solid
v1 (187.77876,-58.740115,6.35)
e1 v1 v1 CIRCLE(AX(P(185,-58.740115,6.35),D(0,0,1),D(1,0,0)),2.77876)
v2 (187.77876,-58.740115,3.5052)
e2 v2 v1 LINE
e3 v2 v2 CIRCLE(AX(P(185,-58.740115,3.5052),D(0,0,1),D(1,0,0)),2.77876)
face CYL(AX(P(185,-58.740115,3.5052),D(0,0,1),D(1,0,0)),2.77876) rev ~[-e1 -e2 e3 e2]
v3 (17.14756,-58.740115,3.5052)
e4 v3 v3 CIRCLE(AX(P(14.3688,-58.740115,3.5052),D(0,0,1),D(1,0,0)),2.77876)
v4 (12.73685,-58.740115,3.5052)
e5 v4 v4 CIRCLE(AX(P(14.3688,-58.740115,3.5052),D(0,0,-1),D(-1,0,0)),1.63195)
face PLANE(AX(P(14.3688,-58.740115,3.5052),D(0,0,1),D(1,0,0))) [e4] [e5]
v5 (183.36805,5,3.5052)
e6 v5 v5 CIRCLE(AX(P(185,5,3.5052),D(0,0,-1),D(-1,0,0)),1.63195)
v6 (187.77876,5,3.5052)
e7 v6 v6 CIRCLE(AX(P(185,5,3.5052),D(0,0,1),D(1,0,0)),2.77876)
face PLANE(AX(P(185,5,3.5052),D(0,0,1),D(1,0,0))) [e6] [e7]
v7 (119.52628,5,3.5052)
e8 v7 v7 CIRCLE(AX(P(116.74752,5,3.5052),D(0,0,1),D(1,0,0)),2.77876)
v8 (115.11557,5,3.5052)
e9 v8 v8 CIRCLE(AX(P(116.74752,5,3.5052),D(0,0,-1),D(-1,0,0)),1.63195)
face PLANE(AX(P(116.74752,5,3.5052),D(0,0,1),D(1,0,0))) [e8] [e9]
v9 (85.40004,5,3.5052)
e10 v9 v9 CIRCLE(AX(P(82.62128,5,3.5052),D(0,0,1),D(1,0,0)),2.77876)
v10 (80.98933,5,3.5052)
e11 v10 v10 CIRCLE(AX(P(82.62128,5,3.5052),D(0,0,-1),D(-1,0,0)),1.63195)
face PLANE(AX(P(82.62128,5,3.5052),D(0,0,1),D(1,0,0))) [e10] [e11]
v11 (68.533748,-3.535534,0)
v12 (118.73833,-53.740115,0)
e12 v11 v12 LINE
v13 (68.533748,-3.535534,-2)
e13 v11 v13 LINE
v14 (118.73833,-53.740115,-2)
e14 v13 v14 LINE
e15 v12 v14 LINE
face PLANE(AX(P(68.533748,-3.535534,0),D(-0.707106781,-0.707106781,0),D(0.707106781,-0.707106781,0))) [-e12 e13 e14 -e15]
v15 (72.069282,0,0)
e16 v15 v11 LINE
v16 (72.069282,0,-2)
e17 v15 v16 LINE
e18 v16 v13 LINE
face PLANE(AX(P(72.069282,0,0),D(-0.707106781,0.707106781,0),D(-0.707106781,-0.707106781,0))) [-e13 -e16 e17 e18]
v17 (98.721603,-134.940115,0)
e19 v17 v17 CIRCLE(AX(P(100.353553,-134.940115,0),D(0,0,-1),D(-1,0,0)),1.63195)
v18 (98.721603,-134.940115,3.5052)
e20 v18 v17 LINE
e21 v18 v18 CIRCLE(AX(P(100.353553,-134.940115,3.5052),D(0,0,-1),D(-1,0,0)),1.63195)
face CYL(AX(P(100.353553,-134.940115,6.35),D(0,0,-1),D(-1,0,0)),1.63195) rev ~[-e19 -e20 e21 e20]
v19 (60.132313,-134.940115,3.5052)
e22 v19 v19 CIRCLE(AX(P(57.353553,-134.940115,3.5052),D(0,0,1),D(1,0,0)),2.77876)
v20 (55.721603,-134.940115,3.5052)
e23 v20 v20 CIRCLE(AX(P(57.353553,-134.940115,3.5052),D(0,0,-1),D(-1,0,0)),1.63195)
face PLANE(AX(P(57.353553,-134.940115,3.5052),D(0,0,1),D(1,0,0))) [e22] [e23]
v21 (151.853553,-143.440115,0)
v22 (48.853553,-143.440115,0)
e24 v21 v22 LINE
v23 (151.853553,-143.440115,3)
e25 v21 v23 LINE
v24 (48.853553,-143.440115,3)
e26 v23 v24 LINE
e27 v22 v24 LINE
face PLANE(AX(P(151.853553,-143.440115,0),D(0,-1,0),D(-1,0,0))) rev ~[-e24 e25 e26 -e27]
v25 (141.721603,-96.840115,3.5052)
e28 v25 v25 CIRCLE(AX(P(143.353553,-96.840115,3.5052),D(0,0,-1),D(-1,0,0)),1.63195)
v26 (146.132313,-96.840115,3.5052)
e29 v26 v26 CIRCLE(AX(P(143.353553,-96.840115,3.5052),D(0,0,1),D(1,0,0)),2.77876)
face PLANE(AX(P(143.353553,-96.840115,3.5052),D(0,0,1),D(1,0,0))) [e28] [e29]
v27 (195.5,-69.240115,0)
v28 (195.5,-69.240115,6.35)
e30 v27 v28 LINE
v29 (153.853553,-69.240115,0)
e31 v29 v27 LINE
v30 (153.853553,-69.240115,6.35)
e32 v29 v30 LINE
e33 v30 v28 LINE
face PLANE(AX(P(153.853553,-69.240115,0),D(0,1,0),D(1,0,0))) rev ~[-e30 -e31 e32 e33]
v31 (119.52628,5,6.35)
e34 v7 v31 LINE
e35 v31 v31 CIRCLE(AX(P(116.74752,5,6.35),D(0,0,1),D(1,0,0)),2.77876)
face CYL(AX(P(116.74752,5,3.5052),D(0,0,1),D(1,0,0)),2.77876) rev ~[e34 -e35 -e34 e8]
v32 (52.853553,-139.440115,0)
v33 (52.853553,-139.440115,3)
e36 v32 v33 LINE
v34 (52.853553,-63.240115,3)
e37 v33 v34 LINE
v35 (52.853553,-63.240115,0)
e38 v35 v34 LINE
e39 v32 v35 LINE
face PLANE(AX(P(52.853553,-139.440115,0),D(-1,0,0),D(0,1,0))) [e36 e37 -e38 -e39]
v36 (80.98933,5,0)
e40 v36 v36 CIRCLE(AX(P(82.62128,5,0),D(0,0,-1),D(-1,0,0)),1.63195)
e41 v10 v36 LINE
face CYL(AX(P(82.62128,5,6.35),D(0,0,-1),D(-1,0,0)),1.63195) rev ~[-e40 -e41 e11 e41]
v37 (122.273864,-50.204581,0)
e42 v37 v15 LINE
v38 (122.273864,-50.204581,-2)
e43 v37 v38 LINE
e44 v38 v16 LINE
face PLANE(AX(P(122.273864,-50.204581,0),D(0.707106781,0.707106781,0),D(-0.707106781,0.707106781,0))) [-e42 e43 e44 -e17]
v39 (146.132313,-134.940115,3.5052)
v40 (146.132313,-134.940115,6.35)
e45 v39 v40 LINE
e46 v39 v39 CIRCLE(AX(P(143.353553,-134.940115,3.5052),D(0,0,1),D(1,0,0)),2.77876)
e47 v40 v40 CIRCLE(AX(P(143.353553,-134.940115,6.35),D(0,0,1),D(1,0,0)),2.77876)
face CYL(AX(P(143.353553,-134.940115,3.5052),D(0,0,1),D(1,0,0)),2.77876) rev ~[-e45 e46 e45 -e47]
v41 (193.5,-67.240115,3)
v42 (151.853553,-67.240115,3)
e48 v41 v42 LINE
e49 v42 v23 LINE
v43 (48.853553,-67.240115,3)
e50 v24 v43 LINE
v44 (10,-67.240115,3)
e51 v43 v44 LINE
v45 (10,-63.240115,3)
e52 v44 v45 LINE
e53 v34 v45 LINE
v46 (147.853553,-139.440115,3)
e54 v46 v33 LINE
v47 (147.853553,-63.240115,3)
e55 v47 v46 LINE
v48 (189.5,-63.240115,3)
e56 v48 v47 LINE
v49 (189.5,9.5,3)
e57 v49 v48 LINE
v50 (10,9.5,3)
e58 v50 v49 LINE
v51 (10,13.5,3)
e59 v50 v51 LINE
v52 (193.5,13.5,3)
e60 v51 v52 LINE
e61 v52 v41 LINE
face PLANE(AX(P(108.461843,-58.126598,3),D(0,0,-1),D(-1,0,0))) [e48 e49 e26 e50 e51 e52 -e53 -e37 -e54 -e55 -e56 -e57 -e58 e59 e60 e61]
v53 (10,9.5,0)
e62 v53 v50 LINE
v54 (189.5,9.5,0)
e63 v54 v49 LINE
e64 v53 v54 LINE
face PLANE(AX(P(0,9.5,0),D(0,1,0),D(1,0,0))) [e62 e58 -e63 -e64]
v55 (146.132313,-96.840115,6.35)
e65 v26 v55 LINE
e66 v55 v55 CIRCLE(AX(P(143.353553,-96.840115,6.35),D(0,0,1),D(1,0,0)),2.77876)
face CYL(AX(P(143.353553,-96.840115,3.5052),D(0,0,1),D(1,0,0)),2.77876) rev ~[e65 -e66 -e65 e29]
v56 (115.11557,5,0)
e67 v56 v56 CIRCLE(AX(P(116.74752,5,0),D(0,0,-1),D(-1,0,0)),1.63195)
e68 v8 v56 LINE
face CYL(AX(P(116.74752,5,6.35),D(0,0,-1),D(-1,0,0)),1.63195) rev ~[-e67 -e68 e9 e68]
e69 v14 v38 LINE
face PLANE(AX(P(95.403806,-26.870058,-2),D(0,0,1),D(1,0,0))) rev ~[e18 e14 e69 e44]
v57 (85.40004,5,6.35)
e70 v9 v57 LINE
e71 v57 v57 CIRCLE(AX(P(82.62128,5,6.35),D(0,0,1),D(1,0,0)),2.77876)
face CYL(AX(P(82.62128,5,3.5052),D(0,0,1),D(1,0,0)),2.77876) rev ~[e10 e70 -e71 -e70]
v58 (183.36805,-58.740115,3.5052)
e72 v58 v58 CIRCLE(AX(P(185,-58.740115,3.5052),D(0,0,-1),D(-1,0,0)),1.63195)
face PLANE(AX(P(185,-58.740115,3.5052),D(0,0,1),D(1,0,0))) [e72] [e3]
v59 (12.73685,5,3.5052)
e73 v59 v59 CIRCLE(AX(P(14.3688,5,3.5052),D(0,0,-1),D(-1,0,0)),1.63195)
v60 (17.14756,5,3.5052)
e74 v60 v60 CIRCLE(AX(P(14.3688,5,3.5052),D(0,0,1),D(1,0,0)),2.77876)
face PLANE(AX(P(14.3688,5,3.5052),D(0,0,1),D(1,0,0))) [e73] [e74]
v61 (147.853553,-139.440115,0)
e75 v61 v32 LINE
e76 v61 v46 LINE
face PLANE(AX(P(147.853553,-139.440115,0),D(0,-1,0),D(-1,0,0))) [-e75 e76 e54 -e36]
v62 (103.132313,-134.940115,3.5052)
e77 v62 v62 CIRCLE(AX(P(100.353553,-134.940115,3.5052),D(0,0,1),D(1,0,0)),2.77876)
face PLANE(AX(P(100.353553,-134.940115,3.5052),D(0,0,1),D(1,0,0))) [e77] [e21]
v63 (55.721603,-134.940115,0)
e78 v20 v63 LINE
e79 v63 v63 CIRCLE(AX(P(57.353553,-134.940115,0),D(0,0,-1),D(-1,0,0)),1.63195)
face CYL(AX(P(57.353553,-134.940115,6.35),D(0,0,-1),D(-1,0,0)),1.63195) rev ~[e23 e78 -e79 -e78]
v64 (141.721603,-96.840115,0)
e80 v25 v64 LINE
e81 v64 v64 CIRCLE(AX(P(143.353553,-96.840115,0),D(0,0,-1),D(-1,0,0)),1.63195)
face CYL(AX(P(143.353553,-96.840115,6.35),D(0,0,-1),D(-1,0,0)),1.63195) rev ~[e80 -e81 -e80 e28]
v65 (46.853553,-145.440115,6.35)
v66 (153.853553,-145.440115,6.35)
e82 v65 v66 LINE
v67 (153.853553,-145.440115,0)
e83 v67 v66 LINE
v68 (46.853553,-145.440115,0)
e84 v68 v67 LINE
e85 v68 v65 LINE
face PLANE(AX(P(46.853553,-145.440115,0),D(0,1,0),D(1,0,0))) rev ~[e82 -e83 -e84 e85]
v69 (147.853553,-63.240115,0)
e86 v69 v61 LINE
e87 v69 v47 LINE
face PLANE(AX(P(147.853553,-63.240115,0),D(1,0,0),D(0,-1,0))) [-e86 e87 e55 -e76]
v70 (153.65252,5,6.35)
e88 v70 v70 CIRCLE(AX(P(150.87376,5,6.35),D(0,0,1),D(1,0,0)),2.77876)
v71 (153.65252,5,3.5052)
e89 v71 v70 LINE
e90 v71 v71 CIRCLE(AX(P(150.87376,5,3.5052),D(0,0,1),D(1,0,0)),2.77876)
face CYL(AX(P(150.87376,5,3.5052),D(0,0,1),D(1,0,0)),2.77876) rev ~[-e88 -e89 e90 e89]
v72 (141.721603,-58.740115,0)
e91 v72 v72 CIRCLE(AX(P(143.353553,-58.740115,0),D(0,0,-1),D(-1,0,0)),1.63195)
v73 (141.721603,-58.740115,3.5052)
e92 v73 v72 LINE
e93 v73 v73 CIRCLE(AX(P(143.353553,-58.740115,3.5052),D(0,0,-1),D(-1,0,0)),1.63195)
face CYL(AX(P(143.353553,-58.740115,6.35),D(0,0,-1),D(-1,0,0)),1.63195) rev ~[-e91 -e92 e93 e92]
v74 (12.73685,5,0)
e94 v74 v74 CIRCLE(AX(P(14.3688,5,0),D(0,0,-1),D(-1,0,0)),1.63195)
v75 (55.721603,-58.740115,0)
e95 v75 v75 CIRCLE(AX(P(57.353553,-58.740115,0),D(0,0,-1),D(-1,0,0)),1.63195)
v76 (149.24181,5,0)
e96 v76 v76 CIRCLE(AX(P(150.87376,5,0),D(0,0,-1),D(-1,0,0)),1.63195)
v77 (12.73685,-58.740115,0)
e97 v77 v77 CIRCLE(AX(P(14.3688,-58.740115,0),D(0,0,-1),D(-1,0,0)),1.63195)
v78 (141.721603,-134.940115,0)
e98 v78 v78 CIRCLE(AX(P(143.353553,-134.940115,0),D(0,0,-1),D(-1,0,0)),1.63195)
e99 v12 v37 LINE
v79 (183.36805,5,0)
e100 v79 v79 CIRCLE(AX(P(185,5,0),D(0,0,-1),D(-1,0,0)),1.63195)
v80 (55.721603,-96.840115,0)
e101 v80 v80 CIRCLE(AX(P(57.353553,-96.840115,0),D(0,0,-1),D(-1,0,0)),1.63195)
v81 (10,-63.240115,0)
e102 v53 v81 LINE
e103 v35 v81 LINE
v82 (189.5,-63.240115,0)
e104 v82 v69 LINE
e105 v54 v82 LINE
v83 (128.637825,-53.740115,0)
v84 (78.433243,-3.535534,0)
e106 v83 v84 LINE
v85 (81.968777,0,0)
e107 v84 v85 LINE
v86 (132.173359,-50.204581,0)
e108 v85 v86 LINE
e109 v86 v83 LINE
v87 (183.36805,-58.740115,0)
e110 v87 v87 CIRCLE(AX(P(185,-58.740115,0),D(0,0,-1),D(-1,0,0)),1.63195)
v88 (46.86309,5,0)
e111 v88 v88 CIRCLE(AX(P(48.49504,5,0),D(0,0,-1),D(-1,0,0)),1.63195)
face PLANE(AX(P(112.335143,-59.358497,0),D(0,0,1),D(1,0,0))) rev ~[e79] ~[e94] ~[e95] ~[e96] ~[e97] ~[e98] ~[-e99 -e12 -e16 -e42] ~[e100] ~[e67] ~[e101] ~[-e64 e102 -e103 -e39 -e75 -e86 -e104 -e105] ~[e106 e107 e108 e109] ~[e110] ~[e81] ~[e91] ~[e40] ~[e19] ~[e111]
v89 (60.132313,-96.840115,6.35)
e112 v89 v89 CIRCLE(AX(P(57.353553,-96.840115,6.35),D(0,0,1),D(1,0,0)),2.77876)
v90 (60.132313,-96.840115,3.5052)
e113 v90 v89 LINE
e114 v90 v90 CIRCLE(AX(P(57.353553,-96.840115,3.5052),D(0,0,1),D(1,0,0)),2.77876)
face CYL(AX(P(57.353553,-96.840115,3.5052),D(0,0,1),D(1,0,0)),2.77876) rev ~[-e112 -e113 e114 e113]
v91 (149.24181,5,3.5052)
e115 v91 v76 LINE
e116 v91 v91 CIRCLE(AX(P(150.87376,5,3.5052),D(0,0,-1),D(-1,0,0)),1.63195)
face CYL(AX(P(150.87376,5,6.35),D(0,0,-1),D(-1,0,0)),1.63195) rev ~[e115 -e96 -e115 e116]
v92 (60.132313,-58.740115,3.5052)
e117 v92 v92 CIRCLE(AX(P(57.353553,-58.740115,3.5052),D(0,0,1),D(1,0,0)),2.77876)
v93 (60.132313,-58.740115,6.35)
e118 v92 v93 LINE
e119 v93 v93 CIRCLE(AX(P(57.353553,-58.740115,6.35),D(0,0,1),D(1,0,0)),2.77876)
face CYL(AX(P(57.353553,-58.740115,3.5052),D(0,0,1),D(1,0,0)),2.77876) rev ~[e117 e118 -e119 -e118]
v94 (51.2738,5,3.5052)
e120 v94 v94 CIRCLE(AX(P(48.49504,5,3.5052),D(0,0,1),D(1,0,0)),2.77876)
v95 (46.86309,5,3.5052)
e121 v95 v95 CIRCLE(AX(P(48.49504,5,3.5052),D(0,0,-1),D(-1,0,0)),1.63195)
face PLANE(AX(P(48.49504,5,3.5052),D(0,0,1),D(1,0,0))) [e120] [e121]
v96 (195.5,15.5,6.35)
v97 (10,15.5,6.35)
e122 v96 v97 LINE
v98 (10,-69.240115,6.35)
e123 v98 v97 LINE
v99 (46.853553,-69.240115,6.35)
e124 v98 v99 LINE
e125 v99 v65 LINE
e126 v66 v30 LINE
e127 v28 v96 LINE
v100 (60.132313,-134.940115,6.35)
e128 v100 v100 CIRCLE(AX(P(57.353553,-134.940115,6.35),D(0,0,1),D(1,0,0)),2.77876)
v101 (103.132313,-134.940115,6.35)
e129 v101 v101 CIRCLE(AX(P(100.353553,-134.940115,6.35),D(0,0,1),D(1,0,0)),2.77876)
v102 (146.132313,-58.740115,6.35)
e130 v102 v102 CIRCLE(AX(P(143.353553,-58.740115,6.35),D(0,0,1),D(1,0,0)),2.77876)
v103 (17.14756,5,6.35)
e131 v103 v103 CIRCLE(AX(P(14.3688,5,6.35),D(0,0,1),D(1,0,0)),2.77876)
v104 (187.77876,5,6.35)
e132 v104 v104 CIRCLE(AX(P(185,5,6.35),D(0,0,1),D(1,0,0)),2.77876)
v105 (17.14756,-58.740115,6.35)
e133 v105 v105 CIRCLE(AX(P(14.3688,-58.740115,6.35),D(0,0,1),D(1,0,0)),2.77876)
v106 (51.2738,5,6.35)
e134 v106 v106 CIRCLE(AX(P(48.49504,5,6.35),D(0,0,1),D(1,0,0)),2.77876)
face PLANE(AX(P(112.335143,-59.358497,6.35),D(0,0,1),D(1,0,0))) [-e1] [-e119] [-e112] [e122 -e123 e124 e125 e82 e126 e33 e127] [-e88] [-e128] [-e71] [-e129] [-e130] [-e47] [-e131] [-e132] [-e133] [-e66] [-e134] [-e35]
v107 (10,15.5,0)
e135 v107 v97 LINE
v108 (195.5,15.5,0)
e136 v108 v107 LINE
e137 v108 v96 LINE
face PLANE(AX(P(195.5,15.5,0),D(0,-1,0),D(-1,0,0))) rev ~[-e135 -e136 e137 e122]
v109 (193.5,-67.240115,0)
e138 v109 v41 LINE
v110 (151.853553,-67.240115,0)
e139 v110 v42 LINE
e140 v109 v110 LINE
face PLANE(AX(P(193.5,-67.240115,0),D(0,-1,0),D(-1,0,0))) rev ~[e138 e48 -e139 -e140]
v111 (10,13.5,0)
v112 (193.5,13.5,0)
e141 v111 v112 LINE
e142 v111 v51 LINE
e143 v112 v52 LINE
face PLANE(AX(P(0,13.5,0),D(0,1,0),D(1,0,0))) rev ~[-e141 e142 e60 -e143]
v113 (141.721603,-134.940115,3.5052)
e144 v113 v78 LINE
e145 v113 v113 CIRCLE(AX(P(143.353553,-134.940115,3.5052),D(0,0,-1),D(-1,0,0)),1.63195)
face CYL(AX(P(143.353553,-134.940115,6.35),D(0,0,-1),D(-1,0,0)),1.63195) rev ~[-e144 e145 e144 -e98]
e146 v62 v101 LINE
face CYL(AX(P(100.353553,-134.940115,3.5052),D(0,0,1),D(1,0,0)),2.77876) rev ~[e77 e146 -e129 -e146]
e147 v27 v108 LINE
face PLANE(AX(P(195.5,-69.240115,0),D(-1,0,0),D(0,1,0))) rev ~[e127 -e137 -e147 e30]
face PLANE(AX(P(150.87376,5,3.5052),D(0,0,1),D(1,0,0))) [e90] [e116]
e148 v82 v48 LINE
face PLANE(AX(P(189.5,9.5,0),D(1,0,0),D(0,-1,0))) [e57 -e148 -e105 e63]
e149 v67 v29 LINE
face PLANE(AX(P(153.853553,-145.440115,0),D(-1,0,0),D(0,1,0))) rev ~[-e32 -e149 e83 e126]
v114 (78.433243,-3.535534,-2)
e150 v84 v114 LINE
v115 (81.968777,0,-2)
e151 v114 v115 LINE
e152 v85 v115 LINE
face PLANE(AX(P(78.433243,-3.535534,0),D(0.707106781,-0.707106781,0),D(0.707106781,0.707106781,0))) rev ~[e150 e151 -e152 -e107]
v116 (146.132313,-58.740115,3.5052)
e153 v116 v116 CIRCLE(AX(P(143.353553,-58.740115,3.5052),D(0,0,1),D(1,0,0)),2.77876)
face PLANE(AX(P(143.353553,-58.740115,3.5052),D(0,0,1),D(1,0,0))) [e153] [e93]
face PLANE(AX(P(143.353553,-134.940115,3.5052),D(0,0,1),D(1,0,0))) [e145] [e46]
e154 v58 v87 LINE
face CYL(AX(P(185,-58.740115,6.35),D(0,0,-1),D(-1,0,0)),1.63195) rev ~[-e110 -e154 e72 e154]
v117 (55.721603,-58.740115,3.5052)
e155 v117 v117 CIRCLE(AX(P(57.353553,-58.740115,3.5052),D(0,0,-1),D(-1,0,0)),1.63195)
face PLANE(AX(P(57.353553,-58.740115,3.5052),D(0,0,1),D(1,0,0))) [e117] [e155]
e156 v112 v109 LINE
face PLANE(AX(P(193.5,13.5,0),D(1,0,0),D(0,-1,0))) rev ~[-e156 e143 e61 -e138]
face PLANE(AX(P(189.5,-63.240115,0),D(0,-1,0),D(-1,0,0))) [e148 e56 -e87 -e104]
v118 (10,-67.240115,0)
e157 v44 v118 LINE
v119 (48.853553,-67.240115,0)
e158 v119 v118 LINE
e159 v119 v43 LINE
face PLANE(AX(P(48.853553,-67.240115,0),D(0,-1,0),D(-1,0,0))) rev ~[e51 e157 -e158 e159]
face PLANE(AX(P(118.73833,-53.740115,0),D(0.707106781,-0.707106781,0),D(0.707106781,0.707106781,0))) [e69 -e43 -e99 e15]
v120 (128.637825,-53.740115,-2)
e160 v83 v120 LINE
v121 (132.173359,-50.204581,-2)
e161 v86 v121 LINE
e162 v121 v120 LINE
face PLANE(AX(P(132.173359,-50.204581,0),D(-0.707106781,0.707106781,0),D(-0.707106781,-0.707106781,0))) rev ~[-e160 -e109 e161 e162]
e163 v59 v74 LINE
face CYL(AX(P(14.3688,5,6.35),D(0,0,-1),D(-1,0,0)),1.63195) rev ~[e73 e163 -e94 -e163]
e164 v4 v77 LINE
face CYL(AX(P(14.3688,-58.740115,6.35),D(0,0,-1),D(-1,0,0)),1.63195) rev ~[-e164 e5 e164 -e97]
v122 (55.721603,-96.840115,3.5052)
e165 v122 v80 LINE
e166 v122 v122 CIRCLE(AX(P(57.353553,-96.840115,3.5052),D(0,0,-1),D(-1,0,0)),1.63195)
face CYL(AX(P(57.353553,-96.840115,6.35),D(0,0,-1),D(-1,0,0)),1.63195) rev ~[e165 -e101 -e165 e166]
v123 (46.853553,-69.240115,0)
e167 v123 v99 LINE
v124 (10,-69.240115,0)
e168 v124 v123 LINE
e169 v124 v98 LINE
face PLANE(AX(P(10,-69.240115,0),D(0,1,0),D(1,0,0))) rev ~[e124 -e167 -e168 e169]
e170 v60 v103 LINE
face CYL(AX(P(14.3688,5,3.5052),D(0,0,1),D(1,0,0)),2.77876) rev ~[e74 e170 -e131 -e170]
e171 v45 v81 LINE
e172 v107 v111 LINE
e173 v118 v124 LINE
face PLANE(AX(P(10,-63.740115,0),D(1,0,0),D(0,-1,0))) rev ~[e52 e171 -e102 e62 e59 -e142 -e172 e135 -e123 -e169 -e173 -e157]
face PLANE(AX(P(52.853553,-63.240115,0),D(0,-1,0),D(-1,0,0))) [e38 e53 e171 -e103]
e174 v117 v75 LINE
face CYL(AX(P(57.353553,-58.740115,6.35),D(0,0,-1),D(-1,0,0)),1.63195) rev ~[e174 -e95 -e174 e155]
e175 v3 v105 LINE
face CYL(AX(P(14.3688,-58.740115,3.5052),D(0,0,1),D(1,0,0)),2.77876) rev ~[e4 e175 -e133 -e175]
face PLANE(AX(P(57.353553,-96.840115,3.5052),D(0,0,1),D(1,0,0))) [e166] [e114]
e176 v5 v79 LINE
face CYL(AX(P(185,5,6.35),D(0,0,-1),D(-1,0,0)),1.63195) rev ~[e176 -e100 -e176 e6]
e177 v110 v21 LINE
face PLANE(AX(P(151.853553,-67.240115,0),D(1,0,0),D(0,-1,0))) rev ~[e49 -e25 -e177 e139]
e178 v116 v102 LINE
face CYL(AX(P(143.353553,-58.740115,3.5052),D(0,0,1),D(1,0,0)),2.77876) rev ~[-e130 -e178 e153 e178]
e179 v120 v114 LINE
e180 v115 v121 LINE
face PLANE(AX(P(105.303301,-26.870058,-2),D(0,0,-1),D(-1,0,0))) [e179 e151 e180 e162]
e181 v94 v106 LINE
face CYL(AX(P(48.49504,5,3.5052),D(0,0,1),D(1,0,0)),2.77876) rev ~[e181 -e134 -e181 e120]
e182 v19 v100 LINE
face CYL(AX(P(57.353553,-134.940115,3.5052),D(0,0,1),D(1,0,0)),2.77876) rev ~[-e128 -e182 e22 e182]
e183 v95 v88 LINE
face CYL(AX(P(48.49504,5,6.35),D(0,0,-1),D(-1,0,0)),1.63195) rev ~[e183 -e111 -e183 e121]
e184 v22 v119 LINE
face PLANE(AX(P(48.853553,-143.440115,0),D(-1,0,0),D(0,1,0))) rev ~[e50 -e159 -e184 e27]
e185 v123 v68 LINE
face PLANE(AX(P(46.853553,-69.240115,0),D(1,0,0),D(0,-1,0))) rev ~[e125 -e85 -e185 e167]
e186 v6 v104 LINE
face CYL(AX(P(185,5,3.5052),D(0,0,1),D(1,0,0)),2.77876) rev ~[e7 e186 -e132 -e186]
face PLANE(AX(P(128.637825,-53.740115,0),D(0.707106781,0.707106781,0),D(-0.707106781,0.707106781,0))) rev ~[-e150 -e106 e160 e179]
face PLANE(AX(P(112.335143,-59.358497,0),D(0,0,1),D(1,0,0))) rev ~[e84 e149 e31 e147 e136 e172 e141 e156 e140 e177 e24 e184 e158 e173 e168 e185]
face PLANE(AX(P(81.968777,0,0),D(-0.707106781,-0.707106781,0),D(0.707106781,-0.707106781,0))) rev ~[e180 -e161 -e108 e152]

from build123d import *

# Parameters (mm, degrees)
BOSS_EXTRUDE1_DEPTH                            = 6.35
CBORE_FOR_4_SOCKET_HEAD_CAP_SCREW1_D           = 3.2639
CBORE_FOR_4_SOCKET_HEAD_CAP_SCREW1_CBORE_D     = 5.55752
CBORE_FOR_4_SOCKET_HEAD_CAP_SCREW1_CBORE_DEPTH = 2.8448
BOSS_EXTRUDE2_DEPTH                            = 2
BOSS_EXTRUDE3_DEPTH                            = 6.35
CUT_EXTRUDE1_DEPTH                             = 3


with BuildPart() as part:
    # Outline → Boss-Extrude1 (new body)
    with BuildSketch(Plane.XY):
        Polygon((10, -63.74011537), (52.353553391, -63.74011537), (52.353553391, -139.94011537), (148.353553391, -139.94011537), (148.353553391, -63.74011537), (190, -63.74011537), (190, 10), (10, 10), align=None)
    extrude(amount=BOSS_EXTRUDE1_DEPTH)

    # CBORE for #4 Socket Head Cap Screw1 (through all)
    with Locations(Plane(origin=(14.3688, 5, 6.35), x_dir=(1, 0, 0), z_dir=(0, 0, 1))):
        with Locations((0, 0), (0, -63.74011537), (42.984753391, -63.74011537), (34.12624, 0), (68.25248, 0), (102.37872, 0), (136.50496, 0), (128.984753391, -63.74011537), (128.984753391, -101.84011537), (42.984753391, -139.94011537), (42.984753391, -101.84011537), (170.6312, -63.74011537), (170.6312, 0), (85.984753391, -139.94011537), (128.984753391, -139.94011537)):
            CounterBoreHole(CBORE_FOR_4_SOCKET_HEAD_CAP_SCREW1_D / 2, CBORE_FOR_4_SOCKET_HEAD_CAP_SCREW1_CBORE_D / 2, CBORE_FOR_4_SOCKET_HEAD_CAP_SCREW1_CBORE_DEPTH)

    # Outline<10> → Boss-Extrude2 (add)
    with BuildSketch(Plane.XY):
        Polygon((128.637824638, -53.74011537), (78.433243174, -3.535533906), (81.96877708, 0), (132.173358544, -50.204581464), align=None)
        Polygon((118.738329701, -53.74011537), (122.273863607, -50.204581464), (72.069282143, 0), (68.533748237, -3.535533906), align=None)
    extrude(amount=-BOSS_EXTRUDE2_DEPTH)

    # Sketch8 → Boss-Extrude3 (add)
    with BuildSketch(Plane.XY):
        Polygon((10, 10), (190, 10), (190, -63.74011537), (148.353553391, -63.74011537), (148.353553391, -139.94011537), (52.353553391, -139.94011537), (52.353553391, -63.74011537), (10, -63.74011537), (10, -69.24011537), (46.853553391, -69.24011537), (46.853553391, -145.44011537), (153.853553391, -145.44011537), (153.853553391, -69.24011537), (195.5, -69.24011537), (195.5, 15.5), (10, 15.5), align=None)
    extrude(amount=BOSS_EXTRUDE3_DEPTH)

    # Sketch8<5> → Cut-Extrude1 (cut)
    with BuildSketch(Plane.XY):
        Polygon((190, 10), (0, 10), (0, 13.5), (193.5, 13.5), (193.5, -67.24011537), (151.853553391, -67.24011537), (151.853553391, -143.44011537), (48.853553391, -143.44011537), (48.853553391, -67.24011537), (0, -67.24011537), (0, -63.74011537), (52.353553391, -63.74011537), (52.353553391, -139.94011537), (148.353553391, -139.94011537), (148.353553391, -63.74011537), (190, -63.74011537), align=None)
        Polygon((52.853553391, -63.24011537), (0, -63.24011537), (0, -63.74011537), (52.353553391, -63.74011537), (52.353553391, -139.94011537), (148.353553391, -139.94011537), (148.353553391, -63.74011537), (190, -63.74011537), (190, 10), (0, 10), (0, 9.5), (189.5, 9.5), (189.5, -63.24011537), (147.853553391, -63.24011537), (147.853553391, -139.44011537), (52.853553391, -139.44011537), align=None)
    extrude(amount=CUT_EXTRUDE1_DEPTH, mode=Mode.SUBTRACT)


solid = part.part
